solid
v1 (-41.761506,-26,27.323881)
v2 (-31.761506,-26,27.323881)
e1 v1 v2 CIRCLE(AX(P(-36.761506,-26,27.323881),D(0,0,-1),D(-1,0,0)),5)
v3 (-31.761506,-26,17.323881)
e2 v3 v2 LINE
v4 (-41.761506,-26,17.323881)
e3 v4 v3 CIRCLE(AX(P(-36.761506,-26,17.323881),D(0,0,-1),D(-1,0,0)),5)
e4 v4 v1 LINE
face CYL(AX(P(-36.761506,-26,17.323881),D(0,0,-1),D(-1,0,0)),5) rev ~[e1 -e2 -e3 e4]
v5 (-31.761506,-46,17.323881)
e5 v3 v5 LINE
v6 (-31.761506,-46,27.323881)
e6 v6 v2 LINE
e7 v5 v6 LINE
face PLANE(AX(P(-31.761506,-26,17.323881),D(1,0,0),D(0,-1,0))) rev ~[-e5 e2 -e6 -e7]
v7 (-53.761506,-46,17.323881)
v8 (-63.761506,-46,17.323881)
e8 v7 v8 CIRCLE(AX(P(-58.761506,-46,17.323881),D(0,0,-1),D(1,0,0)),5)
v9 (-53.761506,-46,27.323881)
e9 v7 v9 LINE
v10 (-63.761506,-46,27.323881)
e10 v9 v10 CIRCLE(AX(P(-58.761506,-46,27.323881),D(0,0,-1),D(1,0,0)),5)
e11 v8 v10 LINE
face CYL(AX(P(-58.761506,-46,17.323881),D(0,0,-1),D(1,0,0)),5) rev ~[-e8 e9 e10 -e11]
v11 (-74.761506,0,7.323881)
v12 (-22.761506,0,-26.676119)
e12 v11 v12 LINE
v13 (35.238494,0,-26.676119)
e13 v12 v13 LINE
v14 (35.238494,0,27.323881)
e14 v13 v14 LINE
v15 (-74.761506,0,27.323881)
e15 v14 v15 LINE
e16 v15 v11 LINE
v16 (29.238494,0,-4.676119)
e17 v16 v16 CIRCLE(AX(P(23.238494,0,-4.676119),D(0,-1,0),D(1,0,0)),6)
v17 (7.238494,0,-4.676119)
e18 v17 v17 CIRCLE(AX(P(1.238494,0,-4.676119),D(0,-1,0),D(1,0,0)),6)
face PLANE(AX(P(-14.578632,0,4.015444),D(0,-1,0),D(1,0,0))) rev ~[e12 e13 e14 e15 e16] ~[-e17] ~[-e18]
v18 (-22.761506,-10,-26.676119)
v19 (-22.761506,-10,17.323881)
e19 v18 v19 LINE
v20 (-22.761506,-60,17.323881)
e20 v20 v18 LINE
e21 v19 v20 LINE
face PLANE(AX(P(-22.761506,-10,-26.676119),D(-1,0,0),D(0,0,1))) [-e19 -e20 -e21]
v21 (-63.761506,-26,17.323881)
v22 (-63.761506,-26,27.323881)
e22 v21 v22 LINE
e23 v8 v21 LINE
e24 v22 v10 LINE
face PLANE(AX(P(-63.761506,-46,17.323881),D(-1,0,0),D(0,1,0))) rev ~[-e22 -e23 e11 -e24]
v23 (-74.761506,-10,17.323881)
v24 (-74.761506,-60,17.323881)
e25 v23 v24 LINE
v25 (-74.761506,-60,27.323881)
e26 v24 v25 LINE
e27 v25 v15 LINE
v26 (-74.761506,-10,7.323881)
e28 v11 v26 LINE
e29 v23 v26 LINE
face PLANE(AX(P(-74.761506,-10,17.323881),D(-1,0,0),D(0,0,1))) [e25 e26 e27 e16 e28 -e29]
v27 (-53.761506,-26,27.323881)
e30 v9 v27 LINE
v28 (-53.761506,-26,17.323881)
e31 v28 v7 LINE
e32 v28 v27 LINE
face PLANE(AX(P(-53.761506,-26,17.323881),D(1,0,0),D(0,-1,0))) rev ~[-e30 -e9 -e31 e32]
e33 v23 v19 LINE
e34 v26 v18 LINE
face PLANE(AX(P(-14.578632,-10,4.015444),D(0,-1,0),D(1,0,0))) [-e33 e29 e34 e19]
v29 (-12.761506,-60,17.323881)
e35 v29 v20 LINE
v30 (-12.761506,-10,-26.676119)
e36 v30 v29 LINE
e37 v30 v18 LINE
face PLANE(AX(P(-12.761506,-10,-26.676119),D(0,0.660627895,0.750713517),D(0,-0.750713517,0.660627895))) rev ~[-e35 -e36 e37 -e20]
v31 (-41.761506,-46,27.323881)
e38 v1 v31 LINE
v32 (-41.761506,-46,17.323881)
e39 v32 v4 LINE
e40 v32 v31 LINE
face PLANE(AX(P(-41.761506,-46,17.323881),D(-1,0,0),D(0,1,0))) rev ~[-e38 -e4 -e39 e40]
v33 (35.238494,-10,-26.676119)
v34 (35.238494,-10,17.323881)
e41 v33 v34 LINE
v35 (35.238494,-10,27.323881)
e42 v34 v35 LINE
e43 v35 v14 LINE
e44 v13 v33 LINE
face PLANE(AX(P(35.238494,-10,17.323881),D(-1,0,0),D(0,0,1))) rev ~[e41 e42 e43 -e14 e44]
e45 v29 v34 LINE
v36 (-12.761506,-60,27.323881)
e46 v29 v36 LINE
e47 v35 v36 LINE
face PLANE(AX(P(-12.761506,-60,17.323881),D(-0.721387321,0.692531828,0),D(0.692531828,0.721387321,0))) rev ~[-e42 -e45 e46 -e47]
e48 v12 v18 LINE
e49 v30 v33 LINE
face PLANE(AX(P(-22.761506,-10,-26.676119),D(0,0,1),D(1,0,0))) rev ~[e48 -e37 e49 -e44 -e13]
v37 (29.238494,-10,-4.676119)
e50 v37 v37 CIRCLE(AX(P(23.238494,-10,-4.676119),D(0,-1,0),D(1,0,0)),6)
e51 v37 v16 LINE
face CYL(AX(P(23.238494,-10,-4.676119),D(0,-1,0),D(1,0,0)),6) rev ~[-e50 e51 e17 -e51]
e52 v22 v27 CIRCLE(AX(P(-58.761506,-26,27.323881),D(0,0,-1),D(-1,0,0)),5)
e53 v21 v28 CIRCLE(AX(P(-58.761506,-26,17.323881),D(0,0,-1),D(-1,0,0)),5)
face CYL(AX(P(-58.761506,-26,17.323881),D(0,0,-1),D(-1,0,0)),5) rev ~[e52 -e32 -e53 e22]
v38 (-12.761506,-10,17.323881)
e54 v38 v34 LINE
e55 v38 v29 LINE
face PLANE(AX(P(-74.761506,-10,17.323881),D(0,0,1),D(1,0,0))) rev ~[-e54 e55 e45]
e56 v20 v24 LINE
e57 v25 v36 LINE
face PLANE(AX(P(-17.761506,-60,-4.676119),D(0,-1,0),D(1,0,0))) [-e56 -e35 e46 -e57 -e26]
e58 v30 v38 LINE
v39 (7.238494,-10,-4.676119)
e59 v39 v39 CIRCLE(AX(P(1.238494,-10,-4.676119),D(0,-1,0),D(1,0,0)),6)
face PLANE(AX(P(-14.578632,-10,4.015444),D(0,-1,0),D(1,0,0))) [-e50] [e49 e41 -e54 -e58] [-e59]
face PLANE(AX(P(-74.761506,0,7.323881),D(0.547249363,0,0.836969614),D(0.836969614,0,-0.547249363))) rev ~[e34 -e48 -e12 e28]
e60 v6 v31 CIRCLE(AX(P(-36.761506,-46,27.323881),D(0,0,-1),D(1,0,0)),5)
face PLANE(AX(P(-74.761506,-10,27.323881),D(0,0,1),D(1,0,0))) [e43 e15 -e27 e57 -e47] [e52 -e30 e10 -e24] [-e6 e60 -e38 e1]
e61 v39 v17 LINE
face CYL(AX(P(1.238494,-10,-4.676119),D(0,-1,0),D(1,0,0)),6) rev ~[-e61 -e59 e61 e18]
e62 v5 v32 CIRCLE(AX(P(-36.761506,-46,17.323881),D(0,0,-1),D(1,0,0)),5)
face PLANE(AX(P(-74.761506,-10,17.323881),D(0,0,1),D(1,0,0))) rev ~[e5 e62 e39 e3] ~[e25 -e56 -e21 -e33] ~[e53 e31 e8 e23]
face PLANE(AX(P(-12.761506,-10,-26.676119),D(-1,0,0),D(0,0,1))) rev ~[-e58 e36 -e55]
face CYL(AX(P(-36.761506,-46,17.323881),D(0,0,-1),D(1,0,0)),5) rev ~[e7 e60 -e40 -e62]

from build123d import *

# Parameters (mm, degrees)
F1_DEPTH  = 10
F2_W      = 110
F2_H      = 10
F3_DEPTH  = 50
F4_W      = 10
F4_H      = 44
F5_DEPTH  = 50
F7_DEPTH  = 11
F9_DEPTH  = 25
F10_R     = 6
F11_DEPTH = 11
F13_DEPTH = 11


with BuildPart() as f1:
    # F0 (on Front) → F1 (new body)
    with BuildSketch(Plane.XZ):
        Polygon((35.2384935319, 27.3238807813), (-74.7615064681, 27.3238807813), (-74.7615064681, 7.3238807813), (-22.7615064681, -26.6761192187), (35.2384935319, -26.6761192187), align=None)
    extrude(amount=F1_DEPTH)

    # F2 (on face) → F3 (join)
    with BuildSketch(Plane.XZ.offset(10)):
        with Locations((-19.7615064681, 22.3238807813)):
            Rectangle(F2_W, F2_H)
    extrude(amount=F3_DEPTH)

    # F4 (on face) → F5 (join)
    with BuildSketch(Plane.XZ.offset(10)):
        with Locations((-17.7615064681, -4.6761192187)):
            Rectangle(F4_W, F4_H)
    extrude(amount=F5_DEPTH)

    # F6 (on face) → F7 (cut)
    with BuildSketch(Plane.YZ.offset(-12.7615064681)):
        Polygon((-10, -26.6761192187), (-60, 17.3238807813), (-60, -26.6761192187), align=None)
    extrude(amount=-F7_DEPTH, mode=Mode.SUBTRACT)

    # F8 (on face) → F9 (cut)
    with BuildSketch(Plane(origin=(0, 0, 17.3238807813), x_dir=(1, 0, 0), z_dir=(0, 0, -1))):
        Polygon((35.2384935319, 60), (-12.7615064681, 60), (35.2384935319, 10), align=None)
    extrude(amount=-F9_DEPTH, mode=Mode.SUBTRACT)

    # F10 (on face) → F11 (cut)
    with BuildSketch(Plane.XZ.offset(10)):
        with Locations((23.2384935319, -4.6761192187)):
            Circle(F10_R)
        with Locations((1.2384935319, -4.6761192187)):
            Circle(F10_R)
    extrude(amount=-F11_DEPTH, mode=Mode.SUBTRACT)

    # F12 (on face) → F13 (cut)
    with BuildSketch(Plane(origin=(0, 0, 17.3238807813), x_dir=(1, 0, 0), z_dir=(0, 0, -1))):
        with BuildLine():
            ThreePointArc((-53.7615064681, 46), (-58.7615064681, 51), (-63.7615064681, 46))
            Line((-63.7615064681, 46), (-63.7615064681, 26))
            ThreePointArc((-63.7615064681, 26), (-58.7615064681, 21), (-53.7615064681, 26))
            Line((-53.7615064681, 26), (-53.7615064681, 46))
        make_face()
        with BuildLine():
            Line((-41.7615064681, 46), (-41.7615064681, 26))
            ThreePointArc((-41.7615064681, 26), (-36.7615064681, 21), (-31.7615064681, 26))
            Line((-31.7615064681, 26), (-31.7615064681, 46))
            ThreePointArc((-31.7615064681, 46), (-36.7615064681, 51), (-41.7615064681, 46))
        make_face()
    extrude(amount=-F13_DEPTH, mode=Mode.SUBTRACT)


solid = f1.part
